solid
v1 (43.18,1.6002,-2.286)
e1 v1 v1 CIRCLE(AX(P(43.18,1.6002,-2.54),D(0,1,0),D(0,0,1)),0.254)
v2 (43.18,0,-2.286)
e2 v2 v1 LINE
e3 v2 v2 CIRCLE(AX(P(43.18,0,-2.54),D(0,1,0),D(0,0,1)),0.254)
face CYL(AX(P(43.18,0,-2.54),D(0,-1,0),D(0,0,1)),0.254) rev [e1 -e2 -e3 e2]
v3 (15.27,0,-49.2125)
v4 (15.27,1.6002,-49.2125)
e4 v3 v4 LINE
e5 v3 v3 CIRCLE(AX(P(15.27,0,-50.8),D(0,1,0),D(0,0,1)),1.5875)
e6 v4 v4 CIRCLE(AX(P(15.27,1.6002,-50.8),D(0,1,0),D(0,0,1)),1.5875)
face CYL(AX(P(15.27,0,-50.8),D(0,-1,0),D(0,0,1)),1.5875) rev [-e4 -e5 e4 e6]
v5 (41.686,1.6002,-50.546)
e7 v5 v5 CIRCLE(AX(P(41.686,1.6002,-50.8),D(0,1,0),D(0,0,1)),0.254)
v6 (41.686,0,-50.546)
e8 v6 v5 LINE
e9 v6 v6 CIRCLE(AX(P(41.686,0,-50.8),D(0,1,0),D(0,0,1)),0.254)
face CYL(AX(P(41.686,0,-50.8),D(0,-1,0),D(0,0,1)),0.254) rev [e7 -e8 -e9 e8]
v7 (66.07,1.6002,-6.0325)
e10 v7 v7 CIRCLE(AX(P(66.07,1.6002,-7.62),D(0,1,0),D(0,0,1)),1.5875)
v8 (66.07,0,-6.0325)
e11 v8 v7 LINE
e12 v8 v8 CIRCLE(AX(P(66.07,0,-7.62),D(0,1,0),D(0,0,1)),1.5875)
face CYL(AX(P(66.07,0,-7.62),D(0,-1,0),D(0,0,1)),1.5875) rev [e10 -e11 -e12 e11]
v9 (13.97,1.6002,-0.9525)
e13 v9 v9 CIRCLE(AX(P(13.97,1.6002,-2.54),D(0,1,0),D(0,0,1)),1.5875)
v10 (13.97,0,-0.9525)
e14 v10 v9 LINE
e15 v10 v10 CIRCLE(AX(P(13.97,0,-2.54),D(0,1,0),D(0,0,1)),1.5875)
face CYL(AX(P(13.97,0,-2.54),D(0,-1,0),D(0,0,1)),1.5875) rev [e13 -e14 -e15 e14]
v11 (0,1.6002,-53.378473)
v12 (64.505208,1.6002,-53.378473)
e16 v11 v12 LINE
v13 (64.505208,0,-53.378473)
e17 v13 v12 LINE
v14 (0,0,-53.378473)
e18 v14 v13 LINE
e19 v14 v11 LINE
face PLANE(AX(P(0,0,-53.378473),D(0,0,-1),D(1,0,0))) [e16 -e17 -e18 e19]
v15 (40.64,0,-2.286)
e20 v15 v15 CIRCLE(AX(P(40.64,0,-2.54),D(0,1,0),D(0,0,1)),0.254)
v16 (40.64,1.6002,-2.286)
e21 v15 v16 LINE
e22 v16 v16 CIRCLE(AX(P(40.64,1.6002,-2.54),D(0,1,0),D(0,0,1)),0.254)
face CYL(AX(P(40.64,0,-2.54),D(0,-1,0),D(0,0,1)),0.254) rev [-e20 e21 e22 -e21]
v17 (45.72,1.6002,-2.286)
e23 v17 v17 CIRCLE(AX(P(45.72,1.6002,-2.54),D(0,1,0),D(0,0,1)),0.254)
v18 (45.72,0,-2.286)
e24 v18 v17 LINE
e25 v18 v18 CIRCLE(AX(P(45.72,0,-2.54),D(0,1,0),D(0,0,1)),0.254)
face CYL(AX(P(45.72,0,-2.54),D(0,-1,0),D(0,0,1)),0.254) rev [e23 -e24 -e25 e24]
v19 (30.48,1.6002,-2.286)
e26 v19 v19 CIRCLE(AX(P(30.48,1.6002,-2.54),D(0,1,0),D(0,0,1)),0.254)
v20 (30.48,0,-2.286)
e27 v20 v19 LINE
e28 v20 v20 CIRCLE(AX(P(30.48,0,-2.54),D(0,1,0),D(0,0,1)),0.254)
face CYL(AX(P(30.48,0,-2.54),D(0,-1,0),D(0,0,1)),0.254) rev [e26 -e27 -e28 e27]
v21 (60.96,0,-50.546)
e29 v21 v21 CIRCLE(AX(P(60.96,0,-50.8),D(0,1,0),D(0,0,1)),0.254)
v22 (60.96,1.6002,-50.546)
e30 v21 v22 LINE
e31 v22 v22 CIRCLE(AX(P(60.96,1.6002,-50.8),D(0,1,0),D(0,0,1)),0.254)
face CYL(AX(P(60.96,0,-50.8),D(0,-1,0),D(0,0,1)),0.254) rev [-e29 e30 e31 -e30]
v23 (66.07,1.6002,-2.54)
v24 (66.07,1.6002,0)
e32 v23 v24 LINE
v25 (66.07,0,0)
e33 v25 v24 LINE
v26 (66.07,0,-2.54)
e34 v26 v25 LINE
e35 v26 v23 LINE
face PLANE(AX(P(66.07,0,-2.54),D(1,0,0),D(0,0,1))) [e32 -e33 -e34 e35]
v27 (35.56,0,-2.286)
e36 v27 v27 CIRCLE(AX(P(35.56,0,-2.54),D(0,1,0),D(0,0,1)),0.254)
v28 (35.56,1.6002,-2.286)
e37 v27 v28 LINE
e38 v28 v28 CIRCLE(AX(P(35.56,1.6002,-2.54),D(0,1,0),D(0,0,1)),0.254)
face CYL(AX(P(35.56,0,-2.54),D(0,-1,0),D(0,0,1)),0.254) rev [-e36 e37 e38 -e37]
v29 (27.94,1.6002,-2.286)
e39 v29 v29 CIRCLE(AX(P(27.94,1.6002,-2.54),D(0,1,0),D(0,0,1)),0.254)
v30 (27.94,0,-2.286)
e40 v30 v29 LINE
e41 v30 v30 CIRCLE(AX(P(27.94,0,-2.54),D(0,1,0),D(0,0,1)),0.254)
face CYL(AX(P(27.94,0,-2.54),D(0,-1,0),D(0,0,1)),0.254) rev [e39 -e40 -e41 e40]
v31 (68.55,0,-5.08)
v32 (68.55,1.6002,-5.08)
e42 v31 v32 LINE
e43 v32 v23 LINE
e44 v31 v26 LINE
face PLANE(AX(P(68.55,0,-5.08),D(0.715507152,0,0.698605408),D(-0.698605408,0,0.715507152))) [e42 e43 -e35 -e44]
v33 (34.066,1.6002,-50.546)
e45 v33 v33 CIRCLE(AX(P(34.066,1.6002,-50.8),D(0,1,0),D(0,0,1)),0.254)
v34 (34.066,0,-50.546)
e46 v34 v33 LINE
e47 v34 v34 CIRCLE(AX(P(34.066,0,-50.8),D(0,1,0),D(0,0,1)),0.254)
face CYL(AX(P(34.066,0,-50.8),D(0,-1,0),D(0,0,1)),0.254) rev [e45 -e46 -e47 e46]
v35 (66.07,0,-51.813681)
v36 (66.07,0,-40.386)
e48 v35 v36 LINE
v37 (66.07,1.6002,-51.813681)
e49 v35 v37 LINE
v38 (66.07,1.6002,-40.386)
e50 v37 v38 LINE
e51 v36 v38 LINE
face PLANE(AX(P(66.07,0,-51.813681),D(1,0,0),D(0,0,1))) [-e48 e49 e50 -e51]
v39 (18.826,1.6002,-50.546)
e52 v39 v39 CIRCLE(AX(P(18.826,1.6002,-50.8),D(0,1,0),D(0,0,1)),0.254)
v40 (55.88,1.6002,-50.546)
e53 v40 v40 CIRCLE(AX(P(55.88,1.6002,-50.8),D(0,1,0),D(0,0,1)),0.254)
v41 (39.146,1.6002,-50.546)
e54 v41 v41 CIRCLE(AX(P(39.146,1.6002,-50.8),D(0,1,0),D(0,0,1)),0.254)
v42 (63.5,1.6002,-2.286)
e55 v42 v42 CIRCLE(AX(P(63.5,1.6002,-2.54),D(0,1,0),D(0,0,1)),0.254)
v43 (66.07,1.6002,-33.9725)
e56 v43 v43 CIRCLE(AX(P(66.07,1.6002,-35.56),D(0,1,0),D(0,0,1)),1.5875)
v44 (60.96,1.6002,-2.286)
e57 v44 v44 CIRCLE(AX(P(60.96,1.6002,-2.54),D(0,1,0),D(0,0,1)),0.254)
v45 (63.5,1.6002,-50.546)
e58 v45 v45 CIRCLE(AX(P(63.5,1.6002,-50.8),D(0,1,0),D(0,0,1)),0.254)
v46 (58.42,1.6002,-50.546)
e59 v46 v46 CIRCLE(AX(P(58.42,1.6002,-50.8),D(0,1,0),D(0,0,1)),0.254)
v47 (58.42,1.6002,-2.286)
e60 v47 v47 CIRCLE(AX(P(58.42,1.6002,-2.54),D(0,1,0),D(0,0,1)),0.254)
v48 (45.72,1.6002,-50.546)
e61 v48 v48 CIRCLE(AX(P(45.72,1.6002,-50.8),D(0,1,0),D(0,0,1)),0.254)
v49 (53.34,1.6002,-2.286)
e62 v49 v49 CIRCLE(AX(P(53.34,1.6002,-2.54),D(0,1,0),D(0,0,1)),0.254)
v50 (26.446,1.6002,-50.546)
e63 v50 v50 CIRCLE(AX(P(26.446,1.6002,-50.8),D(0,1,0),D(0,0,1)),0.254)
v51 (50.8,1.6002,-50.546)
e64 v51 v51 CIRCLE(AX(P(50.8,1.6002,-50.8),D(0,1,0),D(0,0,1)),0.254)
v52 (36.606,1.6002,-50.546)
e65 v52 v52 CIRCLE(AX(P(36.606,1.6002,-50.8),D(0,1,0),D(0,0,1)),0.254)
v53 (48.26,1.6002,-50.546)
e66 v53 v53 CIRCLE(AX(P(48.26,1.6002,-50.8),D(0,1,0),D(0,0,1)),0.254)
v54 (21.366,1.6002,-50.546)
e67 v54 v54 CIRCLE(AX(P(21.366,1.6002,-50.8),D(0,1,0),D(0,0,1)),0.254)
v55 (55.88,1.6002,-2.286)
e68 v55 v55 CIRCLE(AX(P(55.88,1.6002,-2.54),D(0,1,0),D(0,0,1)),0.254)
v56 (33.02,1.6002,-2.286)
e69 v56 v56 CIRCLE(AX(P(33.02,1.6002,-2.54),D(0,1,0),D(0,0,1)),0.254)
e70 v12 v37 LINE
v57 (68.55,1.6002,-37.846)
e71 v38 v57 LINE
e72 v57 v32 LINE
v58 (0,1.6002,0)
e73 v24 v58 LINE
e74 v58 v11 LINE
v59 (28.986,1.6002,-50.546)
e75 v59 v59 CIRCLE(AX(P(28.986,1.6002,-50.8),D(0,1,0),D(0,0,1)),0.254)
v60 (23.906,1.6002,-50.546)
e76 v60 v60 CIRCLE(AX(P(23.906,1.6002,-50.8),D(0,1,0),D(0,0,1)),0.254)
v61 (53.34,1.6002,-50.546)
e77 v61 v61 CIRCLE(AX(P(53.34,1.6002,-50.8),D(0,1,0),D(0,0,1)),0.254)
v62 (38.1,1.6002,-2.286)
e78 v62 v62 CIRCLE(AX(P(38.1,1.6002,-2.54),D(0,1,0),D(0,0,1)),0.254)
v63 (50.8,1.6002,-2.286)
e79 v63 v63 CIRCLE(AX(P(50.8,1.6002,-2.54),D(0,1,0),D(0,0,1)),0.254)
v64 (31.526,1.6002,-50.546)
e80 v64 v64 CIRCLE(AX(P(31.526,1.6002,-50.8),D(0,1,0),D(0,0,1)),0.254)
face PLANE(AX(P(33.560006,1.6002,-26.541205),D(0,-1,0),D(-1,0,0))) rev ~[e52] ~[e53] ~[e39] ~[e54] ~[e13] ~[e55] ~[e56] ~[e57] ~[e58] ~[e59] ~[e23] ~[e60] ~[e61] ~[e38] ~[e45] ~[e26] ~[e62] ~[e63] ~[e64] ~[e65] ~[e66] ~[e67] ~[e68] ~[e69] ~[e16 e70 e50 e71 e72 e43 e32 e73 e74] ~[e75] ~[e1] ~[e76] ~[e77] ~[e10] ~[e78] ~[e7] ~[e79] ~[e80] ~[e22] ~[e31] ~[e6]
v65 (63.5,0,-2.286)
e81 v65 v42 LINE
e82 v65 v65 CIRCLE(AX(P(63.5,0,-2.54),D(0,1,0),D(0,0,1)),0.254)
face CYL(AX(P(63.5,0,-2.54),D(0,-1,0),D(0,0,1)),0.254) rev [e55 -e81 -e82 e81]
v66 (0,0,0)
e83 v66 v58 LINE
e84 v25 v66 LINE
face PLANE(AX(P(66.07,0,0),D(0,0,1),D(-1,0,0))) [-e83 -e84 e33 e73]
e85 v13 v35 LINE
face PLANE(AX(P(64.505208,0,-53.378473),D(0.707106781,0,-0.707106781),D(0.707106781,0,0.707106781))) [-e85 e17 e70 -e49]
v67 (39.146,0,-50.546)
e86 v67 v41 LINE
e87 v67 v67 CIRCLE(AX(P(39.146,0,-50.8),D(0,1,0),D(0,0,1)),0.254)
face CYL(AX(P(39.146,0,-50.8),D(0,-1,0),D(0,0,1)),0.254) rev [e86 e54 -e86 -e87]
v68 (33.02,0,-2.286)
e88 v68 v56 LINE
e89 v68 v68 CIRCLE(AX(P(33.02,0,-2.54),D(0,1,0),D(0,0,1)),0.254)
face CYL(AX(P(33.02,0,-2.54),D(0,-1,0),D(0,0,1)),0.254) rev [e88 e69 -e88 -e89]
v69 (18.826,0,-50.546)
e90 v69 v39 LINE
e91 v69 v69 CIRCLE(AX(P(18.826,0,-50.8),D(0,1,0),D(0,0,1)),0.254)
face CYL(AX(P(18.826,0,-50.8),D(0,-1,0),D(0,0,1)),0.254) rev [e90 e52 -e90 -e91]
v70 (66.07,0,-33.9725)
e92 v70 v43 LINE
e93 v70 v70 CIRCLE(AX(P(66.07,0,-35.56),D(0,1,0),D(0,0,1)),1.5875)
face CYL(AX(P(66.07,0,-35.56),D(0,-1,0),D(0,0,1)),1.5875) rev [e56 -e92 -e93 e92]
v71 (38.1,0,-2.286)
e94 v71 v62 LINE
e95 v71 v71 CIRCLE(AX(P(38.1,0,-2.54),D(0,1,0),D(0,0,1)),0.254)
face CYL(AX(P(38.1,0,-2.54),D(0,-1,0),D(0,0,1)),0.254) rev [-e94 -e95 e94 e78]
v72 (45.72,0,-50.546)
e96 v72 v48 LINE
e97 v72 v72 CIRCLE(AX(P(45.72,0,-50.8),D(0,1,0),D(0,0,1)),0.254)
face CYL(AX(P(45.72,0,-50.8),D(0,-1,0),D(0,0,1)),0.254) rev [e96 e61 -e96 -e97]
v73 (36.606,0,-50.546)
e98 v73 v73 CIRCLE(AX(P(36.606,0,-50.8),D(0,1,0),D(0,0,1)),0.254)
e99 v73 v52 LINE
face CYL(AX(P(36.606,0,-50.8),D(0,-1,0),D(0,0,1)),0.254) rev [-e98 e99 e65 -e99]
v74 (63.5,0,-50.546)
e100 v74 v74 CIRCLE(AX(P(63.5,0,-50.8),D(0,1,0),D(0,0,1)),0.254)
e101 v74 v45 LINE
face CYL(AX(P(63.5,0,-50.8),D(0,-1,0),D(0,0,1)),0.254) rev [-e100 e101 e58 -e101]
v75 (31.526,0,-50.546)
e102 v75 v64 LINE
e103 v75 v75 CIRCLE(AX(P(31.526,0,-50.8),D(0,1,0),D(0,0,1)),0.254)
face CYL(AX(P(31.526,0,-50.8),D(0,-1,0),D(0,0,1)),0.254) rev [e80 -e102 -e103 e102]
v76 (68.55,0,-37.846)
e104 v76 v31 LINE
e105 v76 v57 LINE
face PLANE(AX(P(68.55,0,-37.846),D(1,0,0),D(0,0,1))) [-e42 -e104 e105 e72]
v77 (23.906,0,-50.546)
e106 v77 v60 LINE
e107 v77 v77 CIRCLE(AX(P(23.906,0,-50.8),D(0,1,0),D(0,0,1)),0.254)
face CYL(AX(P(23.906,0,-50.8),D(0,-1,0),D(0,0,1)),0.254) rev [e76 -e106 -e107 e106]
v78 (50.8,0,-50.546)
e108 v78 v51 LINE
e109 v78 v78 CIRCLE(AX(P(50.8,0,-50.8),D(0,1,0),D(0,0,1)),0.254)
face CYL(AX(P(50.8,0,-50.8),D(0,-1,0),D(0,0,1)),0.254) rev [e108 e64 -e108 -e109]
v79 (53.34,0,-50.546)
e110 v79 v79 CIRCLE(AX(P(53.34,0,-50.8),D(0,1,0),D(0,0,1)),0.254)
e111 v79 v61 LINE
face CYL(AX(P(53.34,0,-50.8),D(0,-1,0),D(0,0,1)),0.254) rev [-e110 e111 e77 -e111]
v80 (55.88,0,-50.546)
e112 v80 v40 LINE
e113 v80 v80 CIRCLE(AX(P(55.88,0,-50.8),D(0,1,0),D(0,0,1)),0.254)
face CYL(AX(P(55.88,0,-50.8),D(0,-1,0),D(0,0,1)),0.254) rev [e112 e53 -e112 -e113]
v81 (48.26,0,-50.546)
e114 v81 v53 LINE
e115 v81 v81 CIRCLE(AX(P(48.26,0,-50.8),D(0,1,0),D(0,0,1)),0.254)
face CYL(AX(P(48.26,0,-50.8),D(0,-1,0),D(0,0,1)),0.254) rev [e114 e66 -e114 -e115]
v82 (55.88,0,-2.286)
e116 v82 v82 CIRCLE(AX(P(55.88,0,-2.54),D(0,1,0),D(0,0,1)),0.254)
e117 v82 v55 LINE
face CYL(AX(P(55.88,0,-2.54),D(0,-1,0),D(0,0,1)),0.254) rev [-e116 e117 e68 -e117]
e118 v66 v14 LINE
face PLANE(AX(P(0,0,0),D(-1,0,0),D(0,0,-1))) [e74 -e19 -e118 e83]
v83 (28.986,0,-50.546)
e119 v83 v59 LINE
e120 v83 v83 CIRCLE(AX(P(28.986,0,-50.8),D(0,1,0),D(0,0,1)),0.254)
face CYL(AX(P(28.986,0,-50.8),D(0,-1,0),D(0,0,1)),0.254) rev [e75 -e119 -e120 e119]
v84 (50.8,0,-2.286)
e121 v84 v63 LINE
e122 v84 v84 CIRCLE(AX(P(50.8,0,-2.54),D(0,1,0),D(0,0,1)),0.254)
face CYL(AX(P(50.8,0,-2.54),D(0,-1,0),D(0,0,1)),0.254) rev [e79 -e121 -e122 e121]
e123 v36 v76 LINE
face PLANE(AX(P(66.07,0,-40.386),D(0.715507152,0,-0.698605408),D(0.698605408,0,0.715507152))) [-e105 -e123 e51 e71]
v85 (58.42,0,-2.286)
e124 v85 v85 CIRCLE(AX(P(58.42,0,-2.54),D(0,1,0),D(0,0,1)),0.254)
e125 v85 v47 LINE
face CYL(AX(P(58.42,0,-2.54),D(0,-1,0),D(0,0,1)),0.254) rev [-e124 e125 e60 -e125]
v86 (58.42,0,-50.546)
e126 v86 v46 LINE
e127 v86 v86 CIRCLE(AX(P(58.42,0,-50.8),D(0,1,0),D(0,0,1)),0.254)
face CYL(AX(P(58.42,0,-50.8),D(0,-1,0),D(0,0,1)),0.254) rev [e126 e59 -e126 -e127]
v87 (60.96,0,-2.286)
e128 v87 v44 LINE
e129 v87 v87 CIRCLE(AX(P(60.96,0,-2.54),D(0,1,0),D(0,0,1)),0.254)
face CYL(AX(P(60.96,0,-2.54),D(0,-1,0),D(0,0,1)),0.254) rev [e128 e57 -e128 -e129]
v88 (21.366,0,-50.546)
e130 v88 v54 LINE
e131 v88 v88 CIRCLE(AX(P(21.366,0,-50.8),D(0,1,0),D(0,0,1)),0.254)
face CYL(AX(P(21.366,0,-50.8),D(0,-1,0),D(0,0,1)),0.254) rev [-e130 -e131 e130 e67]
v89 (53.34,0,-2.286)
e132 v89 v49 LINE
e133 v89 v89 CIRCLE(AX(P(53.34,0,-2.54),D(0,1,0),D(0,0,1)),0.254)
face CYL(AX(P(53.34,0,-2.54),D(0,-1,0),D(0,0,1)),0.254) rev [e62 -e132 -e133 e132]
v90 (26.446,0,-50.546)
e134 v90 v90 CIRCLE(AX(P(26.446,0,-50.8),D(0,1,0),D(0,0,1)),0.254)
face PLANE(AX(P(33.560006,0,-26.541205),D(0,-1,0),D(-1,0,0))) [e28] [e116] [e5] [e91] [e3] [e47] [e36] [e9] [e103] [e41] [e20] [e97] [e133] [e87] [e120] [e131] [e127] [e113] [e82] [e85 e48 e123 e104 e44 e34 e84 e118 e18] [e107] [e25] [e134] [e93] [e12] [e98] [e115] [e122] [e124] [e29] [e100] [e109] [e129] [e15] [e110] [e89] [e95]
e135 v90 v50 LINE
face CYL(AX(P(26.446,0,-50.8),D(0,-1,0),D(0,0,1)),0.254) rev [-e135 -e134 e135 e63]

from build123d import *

# Parameters (mm, degrees)
SALIENTE_EXTRUIR1_DEPTH = 1.6002
DRILLS_R                = 1.5875
CORTAR_EXTRUIR1_DEPTH   = 1.6002
PINOUT_R                = 0.254
CORTAR_EXTRUIR2_DEPTH   = 1.6002


with BuildPart() as part:
    # Board → Saliente-Extruir1 (new body)
    with BuildSketch(Plane(origin=(0, 0, 0), x_dir=(1, 0, 0), z_dir=(0, 1, 0))):
        Polygon((68.55, 37.846), (68.55, 5.08), (66.07, 2.54), (66.07, 0), (0, 0), (0, 53.378473106), (64.505207648, 53.378473106), (66.07, 51.813680753), (66.07, 40.386), align=None)
    extrude(amount=SALIENTE_EXTRUIR1_DEPTH)

    # Drills → Cortar-Extruir1 (cut)
    with BuildSketch(Plane(origin=(0, 0, 0), x_dir=(1, 0, 0), z_dir=(0, 1, 0))):
        with Locations(Location((15.27, 50.8, 0), (0, 0, 270))):
            Circle(DRILLS_R)
        with Locations(Location((66.07, 35.56, 0), (0, 0, 270))):
            Circle(DRILLS_R)
        with Locations(Location((66.07, 7.62, 0), (0, 0, 270))):
            Circle(DRILLS_R)
        with Locations(Location((13.970000009, 2.54, 0), (0, 0, 270))):
            Circle(DRILLS_R)
    extrude(amount=CORTAR_EXTRUIR1_DEPTH, mode=Mode.SUBTRACT)

    # Pinout → Cortar-Extruir2 (cut)
    with BuildSketch(Plane(origin=(0, 0, 0), x_dir=(1, 0, 0), z_dir=(0, 1, 0))):
        with Locations(Location((63.50000008, 2.54, 0), (0, 0, 270))):
            Circle(PINOUT_R)
        with Locations(Location((60.96000008, 2.54, 0), (0, 0, 270))):
            Circle(PINOUT_R)
        with Locations(Location((58.42000008, 2.54, 0), (0, 0, 270))):
            Circle(PINOUT_R)
        with Locations(Location((55.88000008, 2.54, 0), (0, 0, 270))):
            Circle(PINOUT_R)
        with Locations(Location((53.34000008, 2.54, 0), (0, 0, 270))):
            Circle(PINOUT_R)
        with Locations(Location((50.80000008, 2.54, 0), (0, 0, 270))):
            Circle(PINOUT_R)
        with Locations(Location((45.72000008, 2.54, 0), (0, 0, 270))):
            Circle(PINOUT_R)
        with Locations(Location((43.18000008, 2.54, 0), (0, 0, 270))):
            Circle(PINOUT_R)
        with Locations(Location((40.64000008, 2.54, 0), (0, 0, 270))):
            Circle(PINOUT_R)
        with Locations(Location((38.10000008, 2.54, 0), (0, 0, 270))):
            Circle(PINOUT_R)
        with Locations(Location((35.56000008, 2.54, 0), (0, 0, 270))):
            Circle(PINOUT_R)
        with Locations(Location((33.02000008, 2.54, 0), (0, 0, 270))):
            Circle(PINOUT_R)
        with Locations(Location((30.48000008, 2.54, 0), (0, 0, 270))):
            Circle(PINOUT_R)
        with Locations(Location((27.94000008, 2.54, 0), (0, 0, 270))):
            Circle(PINOUT_R)
        with Locations(Location((63.50000008, 50.8, 0), (0, 0, 270))):
            Circle(PINOUT_R)
        with Locations(Location((60.96000008, 50.8, 0), (0, 0, 270))):
            Circle(PINOUT_R)
        with Locations(Location((58.42000008, 50.8, 0), (0, 0, 270))):
            Circle(PINOUT_R)
        with Locations(Location((55.88000008, 50.8, 0), (0, 0, 270))):
            Circle(PINOUT_R)
        with Locations(Location((53.34000008, 50.8, 0), (0, 0, 270))):
            Circle(PINOUT_R)
        with Locations(Location((50.80000008, 50.8, 0), (0, 0, 270))):
            Circle(PINOUT_R)
        with Locations(Location((48.26000008, 50.8, 0), (0, 0, 270))):
            Circle(PINOUT_R)
        with Locations(Location((45.72000008, 50.8, 0), (0, 0, 270))):
            Circle(PINOUT_R)
        with Locations(Location((41.68600002, 50.8, 0), (0, 0, 270))):
            Circle(PINOUT_R)
        with Locations(Location((39.14600002, 50.8, 0), (0, 0, 270))):
            Circle(PINOUT_R)
        with Locations(Location((36.60600002, 50.8, 0), (0, 0, 270))):
            Circle(PINOUT_R)
        with Locations(Location((34.06600002, 50.8, 0), (0, 0, 270))):
            Circle(PINOUT_R)
        with Locations(Location((31.52600002, 50.8, 0), (0, 0, 270))):
            Circle(PINOUT_R)
        with Locations(Location((28.98600002, 50.8, 0), (0, 0, 270))):
            Circle(PINOUT_R)
        with Locations(Location((26.44600002, 50.8, 0), (0, 0, 270))):
            Circle(PINOUT_R)
        with Locations(Location((23.90600002, 50.8, 0), (0, 0, 270))):
            Circle(PINOUT_R)
        with Locations(Location((21.36600002, 50.8, 0), (0, 0, 270))):
            Circle(PINOUT_R)
        with Locations(Location((18.82600002, 50.8, 0), (0, 0, 270))):
            Circle(PINOUT_R)
    extrude(amount=CORTAR_EXTRUIR2_DEPTH, mode=Mode.SUBTRACT)


solid = part.part
